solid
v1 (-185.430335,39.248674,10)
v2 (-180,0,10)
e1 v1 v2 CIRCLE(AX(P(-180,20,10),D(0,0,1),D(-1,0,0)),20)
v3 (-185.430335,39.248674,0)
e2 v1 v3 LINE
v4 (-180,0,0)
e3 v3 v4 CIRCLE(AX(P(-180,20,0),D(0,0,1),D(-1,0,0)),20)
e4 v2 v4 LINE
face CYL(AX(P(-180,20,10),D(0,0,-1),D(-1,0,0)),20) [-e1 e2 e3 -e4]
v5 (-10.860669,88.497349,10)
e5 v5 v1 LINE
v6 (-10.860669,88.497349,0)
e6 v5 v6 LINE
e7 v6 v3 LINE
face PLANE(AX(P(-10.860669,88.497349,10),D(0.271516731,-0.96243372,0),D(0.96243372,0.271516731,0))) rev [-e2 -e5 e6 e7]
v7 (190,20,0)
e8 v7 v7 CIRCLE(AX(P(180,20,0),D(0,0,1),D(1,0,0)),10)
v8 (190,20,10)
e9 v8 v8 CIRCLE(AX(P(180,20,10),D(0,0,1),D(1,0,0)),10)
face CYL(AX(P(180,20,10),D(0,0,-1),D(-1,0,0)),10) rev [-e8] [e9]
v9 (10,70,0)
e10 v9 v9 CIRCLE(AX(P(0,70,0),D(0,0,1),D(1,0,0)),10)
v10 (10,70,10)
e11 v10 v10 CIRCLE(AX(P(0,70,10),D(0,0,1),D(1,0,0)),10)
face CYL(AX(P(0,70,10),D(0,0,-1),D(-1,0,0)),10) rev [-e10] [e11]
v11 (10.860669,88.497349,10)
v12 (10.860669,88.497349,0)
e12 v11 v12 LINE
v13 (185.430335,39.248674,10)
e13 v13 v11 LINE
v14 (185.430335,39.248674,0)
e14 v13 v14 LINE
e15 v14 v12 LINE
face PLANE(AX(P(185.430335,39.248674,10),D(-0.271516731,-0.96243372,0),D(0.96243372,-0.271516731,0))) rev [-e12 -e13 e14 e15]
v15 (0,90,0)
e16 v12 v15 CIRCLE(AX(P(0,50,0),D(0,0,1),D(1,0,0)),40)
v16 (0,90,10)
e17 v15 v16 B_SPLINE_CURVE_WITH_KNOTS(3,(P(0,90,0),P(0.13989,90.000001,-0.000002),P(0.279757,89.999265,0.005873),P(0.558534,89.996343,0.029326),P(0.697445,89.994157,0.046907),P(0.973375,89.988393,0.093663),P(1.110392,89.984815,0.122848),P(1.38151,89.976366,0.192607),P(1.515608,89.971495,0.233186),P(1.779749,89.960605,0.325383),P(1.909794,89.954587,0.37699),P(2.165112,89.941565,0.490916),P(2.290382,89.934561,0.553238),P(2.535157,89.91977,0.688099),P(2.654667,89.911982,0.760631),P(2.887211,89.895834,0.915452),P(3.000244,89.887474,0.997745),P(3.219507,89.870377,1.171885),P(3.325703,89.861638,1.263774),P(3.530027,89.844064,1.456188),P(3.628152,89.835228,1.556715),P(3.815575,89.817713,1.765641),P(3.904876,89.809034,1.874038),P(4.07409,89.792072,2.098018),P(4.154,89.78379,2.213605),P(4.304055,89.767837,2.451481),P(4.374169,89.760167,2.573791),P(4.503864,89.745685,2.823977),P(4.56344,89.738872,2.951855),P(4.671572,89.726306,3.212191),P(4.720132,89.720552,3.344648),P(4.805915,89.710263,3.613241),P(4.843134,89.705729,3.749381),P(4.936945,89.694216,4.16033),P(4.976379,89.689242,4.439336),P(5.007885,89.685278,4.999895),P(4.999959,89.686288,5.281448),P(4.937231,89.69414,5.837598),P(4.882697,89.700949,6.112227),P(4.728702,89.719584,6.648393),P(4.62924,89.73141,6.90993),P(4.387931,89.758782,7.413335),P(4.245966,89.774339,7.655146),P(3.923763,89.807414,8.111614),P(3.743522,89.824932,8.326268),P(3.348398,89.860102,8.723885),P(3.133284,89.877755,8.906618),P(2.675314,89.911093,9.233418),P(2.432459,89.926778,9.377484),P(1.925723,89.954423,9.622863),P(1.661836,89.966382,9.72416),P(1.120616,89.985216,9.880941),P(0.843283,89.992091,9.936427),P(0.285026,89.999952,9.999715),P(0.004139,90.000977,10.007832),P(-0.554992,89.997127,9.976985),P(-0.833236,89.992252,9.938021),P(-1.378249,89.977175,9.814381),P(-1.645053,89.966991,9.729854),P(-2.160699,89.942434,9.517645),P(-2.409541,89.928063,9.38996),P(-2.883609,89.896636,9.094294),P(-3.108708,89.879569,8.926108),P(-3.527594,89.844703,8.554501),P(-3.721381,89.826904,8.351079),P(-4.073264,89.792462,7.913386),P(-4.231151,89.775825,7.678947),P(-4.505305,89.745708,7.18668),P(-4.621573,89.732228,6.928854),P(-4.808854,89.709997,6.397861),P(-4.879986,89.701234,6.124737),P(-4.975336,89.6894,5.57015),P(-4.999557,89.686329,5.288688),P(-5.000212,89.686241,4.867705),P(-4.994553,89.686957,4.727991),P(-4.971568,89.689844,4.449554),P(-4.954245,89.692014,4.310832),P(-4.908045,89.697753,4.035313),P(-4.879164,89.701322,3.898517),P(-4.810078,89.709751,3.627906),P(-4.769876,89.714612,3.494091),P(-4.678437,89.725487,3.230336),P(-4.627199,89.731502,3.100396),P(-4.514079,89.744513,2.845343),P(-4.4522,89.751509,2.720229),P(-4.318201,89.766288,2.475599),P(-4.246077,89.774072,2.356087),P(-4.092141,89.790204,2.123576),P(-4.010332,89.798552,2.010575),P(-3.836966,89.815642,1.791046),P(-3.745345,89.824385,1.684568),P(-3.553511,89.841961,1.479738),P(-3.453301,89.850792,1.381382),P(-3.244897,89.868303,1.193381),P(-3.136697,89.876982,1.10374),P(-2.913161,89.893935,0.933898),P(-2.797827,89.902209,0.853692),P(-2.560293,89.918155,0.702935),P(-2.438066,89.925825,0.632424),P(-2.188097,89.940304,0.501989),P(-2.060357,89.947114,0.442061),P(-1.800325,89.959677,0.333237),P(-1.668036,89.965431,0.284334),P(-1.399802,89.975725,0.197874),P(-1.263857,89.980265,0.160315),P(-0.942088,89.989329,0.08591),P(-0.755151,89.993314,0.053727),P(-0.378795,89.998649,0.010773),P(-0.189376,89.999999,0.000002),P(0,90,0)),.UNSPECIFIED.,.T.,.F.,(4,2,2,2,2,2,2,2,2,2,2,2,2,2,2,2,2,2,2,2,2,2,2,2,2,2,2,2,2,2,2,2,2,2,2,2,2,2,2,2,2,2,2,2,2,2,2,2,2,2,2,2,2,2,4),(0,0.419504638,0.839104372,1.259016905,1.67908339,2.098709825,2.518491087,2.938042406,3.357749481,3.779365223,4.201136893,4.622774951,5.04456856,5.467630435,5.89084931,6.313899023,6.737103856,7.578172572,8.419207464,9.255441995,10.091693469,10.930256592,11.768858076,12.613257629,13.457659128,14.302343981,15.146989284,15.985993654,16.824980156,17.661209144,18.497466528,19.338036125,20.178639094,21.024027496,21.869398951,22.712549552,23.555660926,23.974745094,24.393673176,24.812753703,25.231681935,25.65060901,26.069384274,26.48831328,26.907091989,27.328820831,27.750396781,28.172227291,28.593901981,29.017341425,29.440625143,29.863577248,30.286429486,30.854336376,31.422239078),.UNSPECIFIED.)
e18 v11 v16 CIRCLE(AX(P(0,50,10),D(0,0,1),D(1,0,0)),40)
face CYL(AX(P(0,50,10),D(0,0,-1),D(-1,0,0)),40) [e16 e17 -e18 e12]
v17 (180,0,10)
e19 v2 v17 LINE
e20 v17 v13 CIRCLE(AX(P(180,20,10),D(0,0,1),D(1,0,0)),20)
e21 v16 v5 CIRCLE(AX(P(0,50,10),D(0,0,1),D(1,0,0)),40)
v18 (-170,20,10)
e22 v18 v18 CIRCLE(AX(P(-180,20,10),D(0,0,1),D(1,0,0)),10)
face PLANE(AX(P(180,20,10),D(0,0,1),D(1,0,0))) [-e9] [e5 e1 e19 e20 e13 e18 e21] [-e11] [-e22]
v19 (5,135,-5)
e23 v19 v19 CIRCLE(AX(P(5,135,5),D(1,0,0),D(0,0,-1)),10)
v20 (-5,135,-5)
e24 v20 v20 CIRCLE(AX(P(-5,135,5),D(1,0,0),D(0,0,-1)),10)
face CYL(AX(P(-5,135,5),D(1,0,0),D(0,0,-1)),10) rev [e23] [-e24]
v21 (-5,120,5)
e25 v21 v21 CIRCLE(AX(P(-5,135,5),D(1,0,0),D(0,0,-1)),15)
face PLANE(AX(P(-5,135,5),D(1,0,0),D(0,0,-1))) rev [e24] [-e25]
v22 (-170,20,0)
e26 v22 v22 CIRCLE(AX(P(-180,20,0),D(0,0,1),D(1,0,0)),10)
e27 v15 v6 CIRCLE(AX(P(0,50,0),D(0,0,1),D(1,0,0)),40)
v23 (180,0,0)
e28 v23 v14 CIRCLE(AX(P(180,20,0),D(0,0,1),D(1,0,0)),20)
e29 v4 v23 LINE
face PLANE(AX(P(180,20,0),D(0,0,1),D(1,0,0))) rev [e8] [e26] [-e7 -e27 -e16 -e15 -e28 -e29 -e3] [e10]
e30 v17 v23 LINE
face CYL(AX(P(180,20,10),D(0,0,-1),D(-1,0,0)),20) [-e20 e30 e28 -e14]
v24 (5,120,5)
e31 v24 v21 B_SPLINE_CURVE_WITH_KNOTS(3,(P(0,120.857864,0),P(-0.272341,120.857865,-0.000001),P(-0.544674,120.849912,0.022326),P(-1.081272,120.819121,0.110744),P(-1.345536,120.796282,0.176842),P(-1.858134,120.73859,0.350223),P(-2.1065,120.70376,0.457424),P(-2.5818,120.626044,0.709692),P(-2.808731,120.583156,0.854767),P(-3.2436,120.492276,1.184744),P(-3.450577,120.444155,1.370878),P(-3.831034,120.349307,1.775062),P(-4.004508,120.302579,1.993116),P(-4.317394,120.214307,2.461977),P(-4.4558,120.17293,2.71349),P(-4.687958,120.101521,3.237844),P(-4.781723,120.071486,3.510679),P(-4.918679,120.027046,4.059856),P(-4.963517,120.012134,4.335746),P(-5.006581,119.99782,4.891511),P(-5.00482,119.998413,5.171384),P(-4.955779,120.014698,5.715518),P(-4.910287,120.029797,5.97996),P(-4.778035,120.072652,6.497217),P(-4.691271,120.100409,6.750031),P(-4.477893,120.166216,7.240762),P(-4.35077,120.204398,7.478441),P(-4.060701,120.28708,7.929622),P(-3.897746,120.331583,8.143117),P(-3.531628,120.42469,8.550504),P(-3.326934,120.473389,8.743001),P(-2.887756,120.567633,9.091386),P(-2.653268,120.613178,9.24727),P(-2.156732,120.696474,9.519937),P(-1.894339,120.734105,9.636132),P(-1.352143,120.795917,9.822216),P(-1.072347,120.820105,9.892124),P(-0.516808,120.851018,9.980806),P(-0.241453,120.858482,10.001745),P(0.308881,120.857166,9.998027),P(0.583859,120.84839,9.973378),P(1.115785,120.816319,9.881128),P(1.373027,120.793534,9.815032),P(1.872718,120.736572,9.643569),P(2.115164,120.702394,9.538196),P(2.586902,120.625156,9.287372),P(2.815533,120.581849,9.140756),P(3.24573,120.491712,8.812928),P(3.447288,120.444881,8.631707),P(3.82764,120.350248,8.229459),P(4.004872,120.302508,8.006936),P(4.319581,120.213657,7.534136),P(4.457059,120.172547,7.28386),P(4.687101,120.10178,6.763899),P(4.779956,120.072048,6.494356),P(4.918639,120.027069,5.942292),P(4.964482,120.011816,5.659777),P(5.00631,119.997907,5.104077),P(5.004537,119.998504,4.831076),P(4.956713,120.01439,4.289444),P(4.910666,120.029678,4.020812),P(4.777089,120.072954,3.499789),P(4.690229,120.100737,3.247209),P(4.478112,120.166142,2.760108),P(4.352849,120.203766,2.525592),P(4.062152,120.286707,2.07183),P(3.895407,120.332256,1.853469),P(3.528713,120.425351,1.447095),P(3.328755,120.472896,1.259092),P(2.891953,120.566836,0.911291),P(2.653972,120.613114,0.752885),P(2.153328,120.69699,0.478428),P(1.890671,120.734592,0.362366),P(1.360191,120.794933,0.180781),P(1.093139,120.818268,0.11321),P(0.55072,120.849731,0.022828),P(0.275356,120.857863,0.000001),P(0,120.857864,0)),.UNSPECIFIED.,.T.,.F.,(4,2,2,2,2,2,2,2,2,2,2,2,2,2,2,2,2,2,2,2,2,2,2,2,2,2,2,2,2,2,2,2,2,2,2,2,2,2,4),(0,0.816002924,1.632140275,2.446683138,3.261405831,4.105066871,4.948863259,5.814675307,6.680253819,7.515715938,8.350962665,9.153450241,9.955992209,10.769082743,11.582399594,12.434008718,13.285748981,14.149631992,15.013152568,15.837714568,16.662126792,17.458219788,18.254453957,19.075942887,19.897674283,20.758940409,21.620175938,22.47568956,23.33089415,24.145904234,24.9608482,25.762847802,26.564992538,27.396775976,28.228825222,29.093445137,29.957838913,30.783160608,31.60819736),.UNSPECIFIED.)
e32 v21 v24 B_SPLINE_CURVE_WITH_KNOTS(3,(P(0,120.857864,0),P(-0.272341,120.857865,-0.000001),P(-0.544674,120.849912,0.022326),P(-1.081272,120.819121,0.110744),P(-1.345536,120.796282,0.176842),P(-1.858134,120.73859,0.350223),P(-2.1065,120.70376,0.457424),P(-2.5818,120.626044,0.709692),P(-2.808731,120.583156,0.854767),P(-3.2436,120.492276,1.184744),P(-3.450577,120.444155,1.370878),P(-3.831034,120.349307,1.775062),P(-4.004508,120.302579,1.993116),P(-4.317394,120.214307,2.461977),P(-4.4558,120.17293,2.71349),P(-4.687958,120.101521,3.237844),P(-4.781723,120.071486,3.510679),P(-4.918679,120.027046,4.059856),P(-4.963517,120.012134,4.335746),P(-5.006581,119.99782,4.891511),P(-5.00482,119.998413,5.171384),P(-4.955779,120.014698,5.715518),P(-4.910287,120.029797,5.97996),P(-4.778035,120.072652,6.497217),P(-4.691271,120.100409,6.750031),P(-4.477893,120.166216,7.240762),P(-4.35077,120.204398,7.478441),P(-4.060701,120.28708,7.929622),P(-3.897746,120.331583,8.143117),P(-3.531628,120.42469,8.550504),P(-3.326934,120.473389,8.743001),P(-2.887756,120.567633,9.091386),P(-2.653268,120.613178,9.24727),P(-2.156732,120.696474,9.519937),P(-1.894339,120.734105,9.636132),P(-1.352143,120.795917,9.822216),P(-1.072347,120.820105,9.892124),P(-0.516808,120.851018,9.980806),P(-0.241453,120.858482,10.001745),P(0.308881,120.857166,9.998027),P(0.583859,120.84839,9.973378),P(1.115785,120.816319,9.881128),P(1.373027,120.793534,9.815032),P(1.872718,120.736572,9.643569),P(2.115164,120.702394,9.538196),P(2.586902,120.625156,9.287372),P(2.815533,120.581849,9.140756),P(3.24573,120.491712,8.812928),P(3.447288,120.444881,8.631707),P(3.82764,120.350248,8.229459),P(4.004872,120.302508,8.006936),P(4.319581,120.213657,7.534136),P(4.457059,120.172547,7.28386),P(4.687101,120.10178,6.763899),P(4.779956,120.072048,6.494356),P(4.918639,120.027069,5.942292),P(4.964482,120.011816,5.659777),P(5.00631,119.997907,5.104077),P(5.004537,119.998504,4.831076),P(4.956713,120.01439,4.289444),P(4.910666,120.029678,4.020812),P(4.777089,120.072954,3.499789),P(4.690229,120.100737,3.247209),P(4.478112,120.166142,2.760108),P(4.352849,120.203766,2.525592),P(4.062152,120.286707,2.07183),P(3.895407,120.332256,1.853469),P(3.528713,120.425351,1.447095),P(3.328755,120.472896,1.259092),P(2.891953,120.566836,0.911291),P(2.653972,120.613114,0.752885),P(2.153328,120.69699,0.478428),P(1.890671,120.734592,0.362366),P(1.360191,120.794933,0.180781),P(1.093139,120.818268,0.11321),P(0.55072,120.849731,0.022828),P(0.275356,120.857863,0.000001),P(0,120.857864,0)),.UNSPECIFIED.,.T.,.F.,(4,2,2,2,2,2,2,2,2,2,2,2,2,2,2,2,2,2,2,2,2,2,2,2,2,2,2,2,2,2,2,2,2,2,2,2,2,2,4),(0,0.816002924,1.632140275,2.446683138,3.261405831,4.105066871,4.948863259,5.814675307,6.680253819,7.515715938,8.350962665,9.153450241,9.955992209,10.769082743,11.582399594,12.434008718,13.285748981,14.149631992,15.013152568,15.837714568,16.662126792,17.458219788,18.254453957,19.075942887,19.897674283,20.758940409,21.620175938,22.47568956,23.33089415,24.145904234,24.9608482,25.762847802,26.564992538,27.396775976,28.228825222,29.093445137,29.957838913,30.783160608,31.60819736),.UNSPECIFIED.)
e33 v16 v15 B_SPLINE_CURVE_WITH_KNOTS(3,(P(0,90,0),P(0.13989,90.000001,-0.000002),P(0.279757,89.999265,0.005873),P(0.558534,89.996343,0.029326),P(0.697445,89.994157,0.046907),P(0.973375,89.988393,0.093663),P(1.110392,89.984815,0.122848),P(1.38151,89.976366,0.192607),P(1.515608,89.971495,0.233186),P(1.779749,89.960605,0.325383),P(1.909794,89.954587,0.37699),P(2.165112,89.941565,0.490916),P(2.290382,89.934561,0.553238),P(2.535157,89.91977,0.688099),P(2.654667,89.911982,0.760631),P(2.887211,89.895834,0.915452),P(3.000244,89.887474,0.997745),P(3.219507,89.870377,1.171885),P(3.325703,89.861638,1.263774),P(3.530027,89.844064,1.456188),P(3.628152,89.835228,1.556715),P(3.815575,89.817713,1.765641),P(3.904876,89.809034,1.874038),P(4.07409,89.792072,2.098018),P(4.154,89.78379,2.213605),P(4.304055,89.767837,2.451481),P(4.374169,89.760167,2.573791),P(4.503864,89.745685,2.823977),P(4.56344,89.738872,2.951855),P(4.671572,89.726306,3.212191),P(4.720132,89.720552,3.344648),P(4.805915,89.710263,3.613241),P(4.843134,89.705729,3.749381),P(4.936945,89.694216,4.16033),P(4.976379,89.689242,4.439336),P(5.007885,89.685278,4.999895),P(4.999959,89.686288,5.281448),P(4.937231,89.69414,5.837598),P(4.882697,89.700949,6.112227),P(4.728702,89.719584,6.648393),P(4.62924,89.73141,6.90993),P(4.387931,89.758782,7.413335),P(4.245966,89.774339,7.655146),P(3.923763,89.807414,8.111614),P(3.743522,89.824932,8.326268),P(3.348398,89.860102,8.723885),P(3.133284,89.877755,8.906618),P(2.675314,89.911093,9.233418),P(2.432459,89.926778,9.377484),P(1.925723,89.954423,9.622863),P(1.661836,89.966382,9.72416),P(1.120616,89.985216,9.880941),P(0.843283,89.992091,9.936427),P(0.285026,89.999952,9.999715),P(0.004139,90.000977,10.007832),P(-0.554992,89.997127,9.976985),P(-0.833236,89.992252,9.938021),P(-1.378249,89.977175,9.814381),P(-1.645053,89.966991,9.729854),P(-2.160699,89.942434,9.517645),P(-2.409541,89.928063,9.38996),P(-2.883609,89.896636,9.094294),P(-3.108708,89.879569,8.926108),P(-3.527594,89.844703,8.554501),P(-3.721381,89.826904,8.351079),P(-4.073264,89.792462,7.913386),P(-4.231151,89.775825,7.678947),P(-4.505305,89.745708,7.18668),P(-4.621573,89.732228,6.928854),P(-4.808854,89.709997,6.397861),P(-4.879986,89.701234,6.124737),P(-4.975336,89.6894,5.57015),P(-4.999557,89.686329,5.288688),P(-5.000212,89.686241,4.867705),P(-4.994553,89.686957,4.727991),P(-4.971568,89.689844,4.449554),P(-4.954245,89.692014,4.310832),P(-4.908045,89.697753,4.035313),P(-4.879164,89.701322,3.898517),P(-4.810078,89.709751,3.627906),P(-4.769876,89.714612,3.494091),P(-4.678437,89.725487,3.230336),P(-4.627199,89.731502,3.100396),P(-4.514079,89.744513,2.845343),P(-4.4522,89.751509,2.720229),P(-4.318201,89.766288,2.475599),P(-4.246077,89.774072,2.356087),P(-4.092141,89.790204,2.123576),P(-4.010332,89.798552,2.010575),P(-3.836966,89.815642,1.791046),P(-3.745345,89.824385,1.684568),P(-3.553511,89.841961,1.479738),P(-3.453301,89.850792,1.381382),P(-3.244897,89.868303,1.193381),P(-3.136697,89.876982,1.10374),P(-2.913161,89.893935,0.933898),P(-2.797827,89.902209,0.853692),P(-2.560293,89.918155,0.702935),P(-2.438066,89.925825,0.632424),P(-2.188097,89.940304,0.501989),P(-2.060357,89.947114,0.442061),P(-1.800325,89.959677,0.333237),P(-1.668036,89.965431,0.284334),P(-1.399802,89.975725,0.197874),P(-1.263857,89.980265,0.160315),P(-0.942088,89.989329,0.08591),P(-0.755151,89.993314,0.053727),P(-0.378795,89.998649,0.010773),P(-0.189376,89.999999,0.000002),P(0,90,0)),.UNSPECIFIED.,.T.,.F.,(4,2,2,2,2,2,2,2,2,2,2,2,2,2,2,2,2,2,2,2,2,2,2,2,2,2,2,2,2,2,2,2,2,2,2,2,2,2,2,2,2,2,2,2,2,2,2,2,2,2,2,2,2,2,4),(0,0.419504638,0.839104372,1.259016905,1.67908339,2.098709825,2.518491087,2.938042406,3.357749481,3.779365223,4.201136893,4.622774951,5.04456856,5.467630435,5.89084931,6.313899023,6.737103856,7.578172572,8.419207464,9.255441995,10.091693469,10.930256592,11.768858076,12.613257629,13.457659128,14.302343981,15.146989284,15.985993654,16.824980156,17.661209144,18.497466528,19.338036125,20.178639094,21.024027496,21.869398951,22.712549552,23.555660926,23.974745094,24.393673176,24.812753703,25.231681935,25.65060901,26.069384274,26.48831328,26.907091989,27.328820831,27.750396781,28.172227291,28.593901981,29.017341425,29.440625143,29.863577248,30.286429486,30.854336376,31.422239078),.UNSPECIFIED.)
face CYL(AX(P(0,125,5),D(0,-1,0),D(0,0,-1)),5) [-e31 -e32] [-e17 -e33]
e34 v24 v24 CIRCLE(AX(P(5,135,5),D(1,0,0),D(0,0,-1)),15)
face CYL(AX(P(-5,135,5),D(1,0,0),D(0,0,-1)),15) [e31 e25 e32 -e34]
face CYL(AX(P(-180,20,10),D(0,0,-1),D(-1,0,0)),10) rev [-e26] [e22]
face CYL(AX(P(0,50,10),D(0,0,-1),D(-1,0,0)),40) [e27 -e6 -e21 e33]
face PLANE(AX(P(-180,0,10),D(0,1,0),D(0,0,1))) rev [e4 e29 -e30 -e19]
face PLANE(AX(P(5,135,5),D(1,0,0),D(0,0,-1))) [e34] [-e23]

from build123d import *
from build123d.topology import SkipClean

# Parameters (mm, degrees)
SKETCH_1_R           = 10
EXTRUDE_1_DEPTH      = 10
EXTRUDE_START        = -85
SKETCH_2_R           = 5
EXTRUDE_2_DEPTH      = 40
EXTRUDE_3_DEPTH      = 5
EXTRUDE_3_DEPTH_BACK = 5
SKETCH_3_R           = 15
SKETCH_3_R_2         = 10


with BuildPart() as part:
    # 草图1 → 凸台-拉伸1 (new body)
    with BuildSketch(Plane.XY):
        with BuildLine():
            Line((-10.860669242, 88.497348787), (-185.430334621, 39.248674393))
            ThreePointArc((-185.430334621, 39.248674393), (-199.8112782, 17.258968065), (-180, 0))
            Line((-180, 0), (180, 0))
            ThreePointArc((180, 0), (199.8112782, 17.258968065), (185.430334621, 39.248674393))
            Line((185.430334621, 39.248674393), (10.860669242, 88.497348787))
            ThreePointArc((10.860669242, 88.497348787), (0, 90), (-10.860669242, 88.497348787))
        make_face()
        with Locations((-180, 20)):
            Circle(SKETCH_1_R, mode=Mode.SUBTRACT)
        with Locations((180, 20)):
            Circle(SKETCH_1_R, mode=Mode.SUBTRACT)
        with Locations((0, 70)):
            Circle(SKETCH_1_R, mode=Mode.SUBTRACT)
    extrude(amount=EXTRUDE_1_DEPTH)

    # 草图2 → 凸台-拉伸2 (add)
    with BuildSketch(Plane.XZ.offset(EXTRUDE_START)):
        with Locations((0, 5)):
            Circle(SKETCH_2_R)
    extrude(amount=-EXTRUDE_2_DEPTH)

    # 草图3 → 凸台-拉伸3 (add, two sides: drawn at the far end of the back side and taken through both)
    with SkipClean():  # the faces are left unmerged after this step: merging them gives an invalid solid
        with BuildSketch(Plane(origin=(0, 0, 0), x_dir=(0, 0, -1), z_dir=(1, 0, 0)).offset(-EXTRUDE_3_DEPTH_BACK)):
            with Locations((-5, 135)):
                Circle(SKETCH_3_R)
            with Locations((-5, 135)):
                Circle(SKETCH_3_R_2, mode=Mode.SUBTRACT)
        extrude(amount=EXTRUDE_3_DEPTH + EXTRUDE_3_DEPTH_BACK)


solid = part.part
